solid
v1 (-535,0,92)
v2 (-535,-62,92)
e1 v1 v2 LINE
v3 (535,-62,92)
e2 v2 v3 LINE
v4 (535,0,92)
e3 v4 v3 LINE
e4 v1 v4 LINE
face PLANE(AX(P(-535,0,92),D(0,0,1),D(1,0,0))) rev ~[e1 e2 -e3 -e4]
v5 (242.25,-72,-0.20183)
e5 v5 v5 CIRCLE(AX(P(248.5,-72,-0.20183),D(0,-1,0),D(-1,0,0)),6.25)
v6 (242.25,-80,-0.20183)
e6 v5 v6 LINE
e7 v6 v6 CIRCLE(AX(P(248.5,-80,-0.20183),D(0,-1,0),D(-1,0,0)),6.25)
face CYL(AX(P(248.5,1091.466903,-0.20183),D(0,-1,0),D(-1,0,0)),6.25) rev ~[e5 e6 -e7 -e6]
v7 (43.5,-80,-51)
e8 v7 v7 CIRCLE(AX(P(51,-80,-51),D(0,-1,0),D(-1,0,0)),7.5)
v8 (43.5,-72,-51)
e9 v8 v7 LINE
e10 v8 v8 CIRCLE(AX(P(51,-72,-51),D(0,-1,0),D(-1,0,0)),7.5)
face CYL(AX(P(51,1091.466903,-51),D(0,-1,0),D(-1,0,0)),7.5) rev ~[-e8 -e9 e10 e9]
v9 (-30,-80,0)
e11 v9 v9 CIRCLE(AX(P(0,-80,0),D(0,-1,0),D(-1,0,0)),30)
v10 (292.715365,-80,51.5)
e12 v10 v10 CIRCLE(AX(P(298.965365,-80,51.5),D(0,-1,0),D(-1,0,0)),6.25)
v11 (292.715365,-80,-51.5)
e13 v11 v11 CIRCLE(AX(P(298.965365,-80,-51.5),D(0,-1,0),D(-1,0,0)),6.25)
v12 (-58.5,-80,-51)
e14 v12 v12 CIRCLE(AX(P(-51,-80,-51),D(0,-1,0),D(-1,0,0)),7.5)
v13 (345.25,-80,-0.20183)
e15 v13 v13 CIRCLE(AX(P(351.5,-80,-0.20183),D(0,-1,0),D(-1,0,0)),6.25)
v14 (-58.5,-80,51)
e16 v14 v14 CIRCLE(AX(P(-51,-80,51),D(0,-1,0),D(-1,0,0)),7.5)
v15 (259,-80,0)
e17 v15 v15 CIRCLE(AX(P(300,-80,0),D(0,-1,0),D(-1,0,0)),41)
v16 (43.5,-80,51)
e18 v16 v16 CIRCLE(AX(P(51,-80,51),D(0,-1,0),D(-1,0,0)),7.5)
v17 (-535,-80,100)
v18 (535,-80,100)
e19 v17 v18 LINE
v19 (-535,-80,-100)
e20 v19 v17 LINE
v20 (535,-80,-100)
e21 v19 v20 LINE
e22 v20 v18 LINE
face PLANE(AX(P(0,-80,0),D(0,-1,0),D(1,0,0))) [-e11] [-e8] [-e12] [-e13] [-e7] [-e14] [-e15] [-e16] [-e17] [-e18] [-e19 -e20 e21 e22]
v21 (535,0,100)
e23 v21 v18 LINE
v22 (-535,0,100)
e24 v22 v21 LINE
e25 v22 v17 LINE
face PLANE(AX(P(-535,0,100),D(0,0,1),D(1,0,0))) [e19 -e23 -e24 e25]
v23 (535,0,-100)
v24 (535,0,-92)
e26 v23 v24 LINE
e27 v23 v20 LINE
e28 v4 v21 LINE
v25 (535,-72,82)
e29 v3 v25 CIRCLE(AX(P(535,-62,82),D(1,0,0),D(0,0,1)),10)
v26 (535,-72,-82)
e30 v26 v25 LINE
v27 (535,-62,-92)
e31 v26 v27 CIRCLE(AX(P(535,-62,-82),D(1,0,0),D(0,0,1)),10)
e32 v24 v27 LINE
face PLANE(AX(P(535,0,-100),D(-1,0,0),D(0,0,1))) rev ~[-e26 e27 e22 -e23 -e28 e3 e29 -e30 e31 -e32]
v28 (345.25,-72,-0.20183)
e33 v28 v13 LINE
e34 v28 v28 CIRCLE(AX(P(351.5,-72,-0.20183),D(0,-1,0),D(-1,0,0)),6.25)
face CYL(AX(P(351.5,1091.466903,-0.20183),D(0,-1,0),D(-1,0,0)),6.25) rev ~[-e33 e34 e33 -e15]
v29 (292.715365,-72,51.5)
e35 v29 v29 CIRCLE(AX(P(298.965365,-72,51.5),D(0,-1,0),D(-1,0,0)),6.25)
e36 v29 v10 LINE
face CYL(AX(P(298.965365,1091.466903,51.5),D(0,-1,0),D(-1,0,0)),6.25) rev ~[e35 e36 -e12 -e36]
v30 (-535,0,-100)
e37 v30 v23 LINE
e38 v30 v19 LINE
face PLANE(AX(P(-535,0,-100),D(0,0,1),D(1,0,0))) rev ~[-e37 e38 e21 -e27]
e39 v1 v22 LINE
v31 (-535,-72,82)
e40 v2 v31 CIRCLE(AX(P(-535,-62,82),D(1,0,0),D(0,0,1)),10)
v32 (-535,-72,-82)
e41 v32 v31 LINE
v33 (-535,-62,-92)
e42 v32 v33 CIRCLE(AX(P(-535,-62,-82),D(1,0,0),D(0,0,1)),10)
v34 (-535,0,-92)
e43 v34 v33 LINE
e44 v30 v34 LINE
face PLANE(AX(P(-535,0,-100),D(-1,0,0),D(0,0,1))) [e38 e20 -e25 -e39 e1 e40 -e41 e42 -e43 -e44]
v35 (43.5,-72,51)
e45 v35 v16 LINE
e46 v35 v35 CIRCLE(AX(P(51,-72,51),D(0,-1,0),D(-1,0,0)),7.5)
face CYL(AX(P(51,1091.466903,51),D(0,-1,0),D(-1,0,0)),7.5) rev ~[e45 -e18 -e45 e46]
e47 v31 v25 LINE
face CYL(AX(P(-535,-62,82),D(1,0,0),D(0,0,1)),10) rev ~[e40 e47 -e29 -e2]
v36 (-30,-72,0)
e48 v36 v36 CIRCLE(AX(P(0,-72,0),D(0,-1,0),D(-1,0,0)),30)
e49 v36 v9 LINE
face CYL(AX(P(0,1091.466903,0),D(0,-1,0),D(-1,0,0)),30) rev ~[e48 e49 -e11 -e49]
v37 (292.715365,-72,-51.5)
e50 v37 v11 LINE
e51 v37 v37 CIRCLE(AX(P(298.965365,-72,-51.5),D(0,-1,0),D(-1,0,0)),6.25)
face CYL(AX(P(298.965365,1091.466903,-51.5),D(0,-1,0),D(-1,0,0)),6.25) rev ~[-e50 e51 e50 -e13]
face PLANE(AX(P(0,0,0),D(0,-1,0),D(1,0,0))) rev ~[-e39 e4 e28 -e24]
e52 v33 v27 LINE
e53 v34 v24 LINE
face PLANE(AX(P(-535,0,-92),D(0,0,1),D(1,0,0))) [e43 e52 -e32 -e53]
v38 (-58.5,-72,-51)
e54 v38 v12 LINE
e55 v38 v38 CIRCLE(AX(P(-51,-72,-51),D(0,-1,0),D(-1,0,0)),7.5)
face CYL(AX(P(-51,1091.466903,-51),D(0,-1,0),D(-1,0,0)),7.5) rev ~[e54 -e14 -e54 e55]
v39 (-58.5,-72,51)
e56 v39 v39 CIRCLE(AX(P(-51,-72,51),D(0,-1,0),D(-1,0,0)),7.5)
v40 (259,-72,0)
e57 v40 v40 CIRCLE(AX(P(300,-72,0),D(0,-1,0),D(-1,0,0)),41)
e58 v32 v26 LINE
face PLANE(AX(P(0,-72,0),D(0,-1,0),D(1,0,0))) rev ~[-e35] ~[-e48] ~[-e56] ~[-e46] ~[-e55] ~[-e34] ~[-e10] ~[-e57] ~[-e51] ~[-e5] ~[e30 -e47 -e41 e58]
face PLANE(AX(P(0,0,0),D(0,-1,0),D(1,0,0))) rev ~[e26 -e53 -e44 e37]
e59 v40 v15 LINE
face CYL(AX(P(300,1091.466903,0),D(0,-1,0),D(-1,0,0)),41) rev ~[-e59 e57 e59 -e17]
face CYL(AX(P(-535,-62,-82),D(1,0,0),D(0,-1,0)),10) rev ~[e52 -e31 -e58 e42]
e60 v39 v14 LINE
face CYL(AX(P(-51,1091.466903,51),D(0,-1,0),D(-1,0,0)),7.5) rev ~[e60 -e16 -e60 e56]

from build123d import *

# Parameters (mm, degrees)
F0_W     = 1070
F0_H     = 200
F1_DEPTH = 80
F2_T     = -8
F3_D     = 60
F4_R     = 10
F5_D     = 15
F6_D     = 82
F7_D     = 12.5


with BuildPart() as f1:
    # F0 (on Front) → F1 (new body)
    with BuildSketch(Plane.XZ):
        Rectangle(F0_W, F0_H)
    extrude(amount=F1_DEPTH)

    # F2
    f2_openings = [f1.faces().sort_by_distance(p)[0] for p in [
        (0, 0, 0),
        (-535, -40, 0),
        (535, -40, 0),
    ]]
    offset(amount=F2_T, openings=f2_openings)

    # F3 (through all)
    with Locations(Plane(origin=(0, 0, 0), x_dir=(1, 0, 0), z_dir=(0, 1, 0))):
        with Locations((0, 0)):
            Hole(F3_D / 2)

    # F4
    f4_edges = [f1.edges().sort_by_distance(p)[0] for p in [
        (0, -72, -92),
        (0, -72, 92),
    ]]
    fillet(f4_edges, radius=F4_R)

    # F5 (through all)
    with Locations(Plane(origin=(0, 0, 0), x_dir=(1, 0, 0), z_dir=(0, 1, 0))):
        with Locations((-51, -51), (51, -51), (51, 51), (-51, 51)):
            Hole(F5_D / 2)

    # F6 (through all)
    with Locations(Plane(origin=(0, 0, 0), x_dir=(1, 0, 0), z_dir=(0, 1, 0))):
        with Locations((300, 0)):
            Hole(F6_D / 2)

    # F7 (through all)
    with Locations(Plane(origin=(0, 0, 0), x_dir=(1, 0, 0), z_dir=(0, 1, 0))):
        with Locations((248.5, 0.2018298983), (298.9653646946, -51.5), (351.5, 0.2018298983), (298.9653646946, 51.5)):
            Hole(F7_D / 2)


solid = f1.part
